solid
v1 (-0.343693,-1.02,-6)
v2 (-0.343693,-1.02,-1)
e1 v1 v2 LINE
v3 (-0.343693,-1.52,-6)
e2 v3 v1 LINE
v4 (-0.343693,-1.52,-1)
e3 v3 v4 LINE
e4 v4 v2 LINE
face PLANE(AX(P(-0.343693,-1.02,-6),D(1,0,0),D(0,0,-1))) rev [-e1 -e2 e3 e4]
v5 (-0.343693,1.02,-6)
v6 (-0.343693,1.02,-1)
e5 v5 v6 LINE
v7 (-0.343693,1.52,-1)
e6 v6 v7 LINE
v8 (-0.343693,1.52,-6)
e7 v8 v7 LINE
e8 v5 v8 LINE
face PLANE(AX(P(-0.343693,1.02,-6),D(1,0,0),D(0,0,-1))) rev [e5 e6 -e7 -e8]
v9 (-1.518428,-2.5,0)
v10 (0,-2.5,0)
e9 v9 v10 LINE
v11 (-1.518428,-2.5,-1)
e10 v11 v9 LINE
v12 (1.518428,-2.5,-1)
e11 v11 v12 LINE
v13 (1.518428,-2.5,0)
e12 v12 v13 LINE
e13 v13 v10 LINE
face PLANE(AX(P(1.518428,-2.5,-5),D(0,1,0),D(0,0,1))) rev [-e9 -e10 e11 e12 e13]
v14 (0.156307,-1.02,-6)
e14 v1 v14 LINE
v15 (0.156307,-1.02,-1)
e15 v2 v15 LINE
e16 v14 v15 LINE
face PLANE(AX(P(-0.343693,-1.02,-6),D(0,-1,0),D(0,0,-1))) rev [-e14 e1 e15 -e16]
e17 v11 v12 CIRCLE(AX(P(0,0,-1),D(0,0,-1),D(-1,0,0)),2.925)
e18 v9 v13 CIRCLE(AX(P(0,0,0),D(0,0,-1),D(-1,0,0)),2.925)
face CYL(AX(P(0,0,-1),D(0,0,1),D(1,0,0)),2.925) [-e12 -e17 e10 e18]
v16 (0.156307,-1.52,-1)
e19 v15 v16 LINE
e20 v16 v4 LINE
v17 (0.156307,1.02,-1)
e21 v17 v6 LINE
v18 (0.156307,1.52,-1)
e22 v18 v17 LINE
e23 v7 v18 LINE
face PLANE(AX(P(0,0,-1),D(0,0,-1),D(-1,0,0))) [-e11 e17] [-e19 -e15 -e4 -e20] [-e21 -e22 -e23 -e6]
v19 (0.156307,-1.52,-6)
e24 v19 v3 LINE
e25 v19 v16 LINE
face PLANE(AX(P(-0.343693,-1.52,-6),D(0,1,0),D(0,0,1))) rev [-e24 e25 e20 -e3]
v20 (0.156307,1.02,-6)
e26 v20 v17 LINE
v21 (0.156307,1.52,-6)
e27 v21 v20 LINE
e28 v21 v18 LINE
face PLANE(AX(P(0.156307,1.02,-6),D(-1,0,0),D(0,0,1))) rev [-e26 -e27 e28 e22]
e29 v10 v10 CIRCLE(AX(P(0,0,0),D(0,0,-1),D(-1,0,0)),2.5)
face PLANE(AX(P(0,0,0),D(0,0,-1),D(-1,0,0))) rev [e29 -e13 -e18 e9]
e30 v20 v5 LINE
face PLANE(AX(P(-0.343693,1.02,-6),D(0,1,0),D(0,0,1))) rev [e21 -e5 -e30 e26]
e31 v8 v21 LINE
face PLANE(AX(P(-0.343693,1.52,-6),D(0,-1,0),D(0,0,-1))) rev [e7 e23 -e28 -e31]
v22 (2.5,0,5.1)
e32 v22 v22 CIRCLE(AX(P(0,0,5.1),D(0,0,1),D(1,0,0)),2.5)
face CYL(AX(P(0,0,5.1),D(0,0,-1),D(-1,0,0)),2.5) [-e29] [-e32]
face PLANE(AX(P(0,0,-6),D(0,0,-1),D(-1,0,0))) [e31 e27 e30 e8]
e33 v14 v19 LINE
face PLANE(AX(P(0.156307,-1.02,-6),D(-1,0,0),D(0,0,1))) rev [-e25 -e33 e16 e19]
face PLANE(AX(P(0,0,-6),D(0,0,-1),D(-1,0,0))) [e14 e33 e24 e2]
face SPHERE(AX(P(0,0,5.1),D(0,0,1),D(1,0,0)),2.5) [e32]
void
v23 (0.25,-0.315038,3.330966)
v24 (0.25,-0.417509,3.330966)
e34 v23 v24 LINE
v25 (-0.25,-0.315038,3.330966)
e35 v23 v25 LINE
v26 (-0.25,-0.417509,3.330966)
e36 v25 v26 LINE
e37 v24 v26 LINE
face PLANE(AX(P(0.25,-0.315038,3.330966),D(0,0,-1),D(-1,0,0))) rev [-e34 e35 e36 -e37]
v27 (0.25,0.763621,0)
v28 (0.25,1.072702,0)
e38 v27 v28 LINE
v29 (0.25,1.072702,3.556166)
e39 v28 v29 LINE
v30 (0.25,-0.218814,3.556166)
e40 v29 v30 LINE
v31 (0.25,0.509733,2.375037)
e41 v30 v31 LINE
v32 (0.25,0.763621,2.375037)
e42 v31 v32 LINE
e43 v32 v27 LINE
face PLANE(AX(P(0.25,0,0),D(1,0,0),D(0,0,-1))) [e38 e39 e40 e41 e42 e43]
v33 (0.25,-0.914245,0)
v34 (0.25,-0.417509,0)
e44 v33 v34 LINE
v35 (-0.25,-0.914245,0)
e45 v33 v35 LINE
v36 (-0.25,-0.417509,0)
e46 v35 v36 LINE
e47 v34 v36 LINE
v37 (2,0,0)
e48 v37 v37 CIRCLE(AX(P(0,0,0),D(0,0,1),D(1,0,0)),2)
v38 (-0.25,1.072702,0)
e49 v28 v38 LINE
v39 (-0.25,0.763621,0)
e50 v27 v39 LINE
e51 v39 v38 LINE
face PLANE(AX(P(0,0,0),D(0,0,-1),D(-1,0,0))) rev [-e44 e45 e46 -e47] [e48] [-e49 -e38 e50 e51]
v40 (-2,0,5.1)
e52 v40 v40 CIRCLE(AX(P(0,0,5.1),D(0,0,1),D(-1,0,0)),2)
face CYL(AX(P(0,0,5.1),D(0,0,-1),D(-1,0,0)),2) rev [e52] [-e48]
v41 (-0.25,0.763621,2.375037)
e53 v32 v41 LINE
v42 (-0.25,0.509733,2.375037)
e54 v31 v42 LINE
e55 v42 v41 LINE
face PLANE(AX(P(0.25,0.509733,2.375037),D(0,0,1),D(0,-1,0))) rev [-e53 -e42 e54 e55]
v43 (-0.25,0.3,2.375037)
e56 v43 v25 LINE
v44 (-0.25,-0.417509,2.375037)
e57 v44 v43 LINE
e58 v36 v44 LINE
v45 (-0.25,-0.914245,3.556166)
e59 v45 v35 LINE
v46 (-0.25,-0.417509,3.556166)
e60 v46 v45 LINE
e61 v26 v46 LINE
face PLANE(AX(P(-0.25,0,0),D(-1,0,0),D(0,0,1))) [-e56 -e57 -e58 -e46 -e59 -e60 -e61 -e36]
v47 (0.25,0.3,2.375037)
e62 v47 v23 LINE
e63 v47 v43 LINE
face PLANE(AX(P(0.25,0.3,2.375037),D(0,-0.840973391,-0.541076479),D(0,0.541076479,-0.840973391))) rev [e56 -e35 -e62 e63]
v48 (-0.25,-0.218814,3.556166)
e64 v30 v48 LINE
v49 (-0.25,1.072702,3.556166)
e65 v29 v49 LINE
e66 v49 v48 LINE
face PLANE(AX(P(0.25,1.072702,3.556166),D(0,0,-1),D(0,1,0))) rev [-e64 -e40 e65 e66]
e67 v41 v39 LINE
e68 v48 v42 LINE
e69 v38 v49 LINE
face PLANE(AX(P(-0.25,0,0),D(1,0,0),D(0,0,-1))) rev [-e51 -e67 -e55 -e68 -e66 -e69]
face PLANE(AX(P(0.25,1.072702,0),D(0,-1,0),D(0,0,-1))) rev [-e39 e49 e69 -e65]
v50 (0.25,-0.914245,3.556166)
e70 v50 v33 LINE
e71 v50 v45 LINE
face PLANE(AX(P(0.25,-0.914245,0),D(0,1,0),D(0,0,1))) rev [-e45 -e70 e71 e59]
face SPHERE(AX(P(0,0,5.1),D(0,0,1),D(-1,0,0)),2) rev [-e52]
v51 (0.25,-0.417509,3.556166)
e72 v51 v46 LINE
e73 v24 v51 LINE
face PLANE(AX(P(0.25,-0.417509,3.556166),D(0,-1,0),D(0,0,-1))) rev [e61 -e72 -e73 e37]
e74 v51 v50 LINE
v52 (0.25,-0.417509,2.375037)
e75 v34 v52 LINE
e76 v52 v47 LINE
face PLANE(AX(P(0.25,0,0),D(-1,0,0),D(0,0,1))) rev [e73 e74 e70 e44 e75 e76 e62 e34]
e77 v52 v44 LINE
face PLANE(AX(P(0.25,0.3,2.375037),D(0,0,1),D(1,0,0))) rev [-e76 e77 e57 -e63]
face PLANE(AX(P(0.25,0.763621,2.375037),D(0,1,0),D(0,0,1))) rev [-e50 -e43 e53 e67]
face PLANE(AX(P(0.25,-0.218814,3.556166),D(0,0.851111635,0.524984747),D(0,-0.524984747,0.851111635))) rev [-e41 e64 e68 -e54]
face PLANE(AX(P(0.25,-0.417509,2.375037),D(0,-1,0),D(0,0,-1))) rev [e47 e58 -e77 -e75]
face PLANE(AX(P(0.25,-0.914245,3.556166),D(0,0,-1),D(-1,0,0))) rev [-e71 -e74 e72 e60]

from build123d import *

# Parameters (mm, degrees)
SKETCH1_R           = 2.5
SKETCH1_R_2         = 2
BOSS_EXTRUDE1_DEPTH = 5.1
REVOLVE1_ANGLE      = 180
SKETCH5_R           = 2.925
BOSS_EXTRUDE2_DEPTH = 1
BOSS_EXTRUDE3_DEPTH = 0.25
SKETCH13_W          = 0.5
SKETCH13_H          = 0.5
BOSS_EXTRUDE4_DEPTH = 5
CUT_EXTRUDE2_DEPTH  = 5


with BuildPart() as part:
    # Sketch1 → Boss-Extrude1 (new body)
    with BuildSketch(Plane.XY):
        Circle(SKETCH1_R)
        Circle(SKETCH1_R_2, mode=Mode.SUBTRACT)
    extrude(amount=BOSS_EXTRUDE1_DEPTH)

    # Sketch4 → Revolve1 (revolve)
    with BuildSketch(Plane.XY.offset(5.1)):
        with BuildLine():
            Line((-2, 0), (-2.5, 0))
            ThreePointArc((-2.5, 0), (0, 2.5), (2.5, 0))
            Line((2.5, 0), (2, 0))
            ThreePointArc((2, 0), (0, 2), (-2, 0))
        make_face()
    revolve(axis=Axis((-2.5, 0, 5.1), (1, 0, 0)), revolution_arc=REVOLVE1_ANGLE)

    # Sketch5 → Boss-Extrude2 (add)
    with BuildSketch(Plane(origin=(0, 0, 0), x_dir=(-1, 0, 0), z_dir=(0, 0, -1))):
        Circle(SKETCH5_R)
    extrude(amount=BOSS_EXTRUDE2_DEPTH)

    # Sketch8 → Boss-Extrude3 (add, symmetric)
    with BuildSketch(Plane(origin=(0, 0, 0), x_dir=(0, 0, -1), z_dir=(1, 0, 0))):
        Polygon((0, 1.072701591), (-3.556166294, 1.072701591), (-3.556166294, -0.218813925), (-2.37503672, 0.509733289), (-2.37503672, 0.763620955), (0, 0.763620955), align=None)
        Polygon((-3.556166294, -0.41750862), (-3.330966178, -0.41750862), (-3.330966178, -0.31503842), (-2.37503672, 0.3), (-2.37503672, -0.41750862), (0, -0.41750862), (0, -0.914245357), (-3.556166294, -0.914245357), align=None)
    extrude(amount=BOSS_EXTRUDE3_DEPTH, both=True)

    # Sketch13 → Boss-Extrude4 (add)
    with BuildSketch(Plane(origin=(0, 0, -1), x_dir=(-1, 0, 0), z_dir=(0, 0, -1))):
        with Locations((0.093693205, -1.27)):
            Rectangle(SKETCH13_W, SKETCH13_H)
        with Locations((0.093693205, 1.27)):
            Rectangle(SKETCH13_W, SKETCH13_H)
    extrude(amount=BOSS_EXTRUDE4_DEPTH)

    # Sketch14 → Cut-Extrude2 (cut)
    with BuildSketch(Plane.XY):
        with BuildLine():
            Line((1.518428464, -2.5), (-1.518428464, -2.5))
            ThreePointArc((-1.518428464, -2.5), (0, -2.925), (1.518428464, -2.5))
        make_face()
    extrude(amount=-CUT_EXTRUDE2_DEPTH, mode=Mode.SUBTRACT)


solid = part.part
